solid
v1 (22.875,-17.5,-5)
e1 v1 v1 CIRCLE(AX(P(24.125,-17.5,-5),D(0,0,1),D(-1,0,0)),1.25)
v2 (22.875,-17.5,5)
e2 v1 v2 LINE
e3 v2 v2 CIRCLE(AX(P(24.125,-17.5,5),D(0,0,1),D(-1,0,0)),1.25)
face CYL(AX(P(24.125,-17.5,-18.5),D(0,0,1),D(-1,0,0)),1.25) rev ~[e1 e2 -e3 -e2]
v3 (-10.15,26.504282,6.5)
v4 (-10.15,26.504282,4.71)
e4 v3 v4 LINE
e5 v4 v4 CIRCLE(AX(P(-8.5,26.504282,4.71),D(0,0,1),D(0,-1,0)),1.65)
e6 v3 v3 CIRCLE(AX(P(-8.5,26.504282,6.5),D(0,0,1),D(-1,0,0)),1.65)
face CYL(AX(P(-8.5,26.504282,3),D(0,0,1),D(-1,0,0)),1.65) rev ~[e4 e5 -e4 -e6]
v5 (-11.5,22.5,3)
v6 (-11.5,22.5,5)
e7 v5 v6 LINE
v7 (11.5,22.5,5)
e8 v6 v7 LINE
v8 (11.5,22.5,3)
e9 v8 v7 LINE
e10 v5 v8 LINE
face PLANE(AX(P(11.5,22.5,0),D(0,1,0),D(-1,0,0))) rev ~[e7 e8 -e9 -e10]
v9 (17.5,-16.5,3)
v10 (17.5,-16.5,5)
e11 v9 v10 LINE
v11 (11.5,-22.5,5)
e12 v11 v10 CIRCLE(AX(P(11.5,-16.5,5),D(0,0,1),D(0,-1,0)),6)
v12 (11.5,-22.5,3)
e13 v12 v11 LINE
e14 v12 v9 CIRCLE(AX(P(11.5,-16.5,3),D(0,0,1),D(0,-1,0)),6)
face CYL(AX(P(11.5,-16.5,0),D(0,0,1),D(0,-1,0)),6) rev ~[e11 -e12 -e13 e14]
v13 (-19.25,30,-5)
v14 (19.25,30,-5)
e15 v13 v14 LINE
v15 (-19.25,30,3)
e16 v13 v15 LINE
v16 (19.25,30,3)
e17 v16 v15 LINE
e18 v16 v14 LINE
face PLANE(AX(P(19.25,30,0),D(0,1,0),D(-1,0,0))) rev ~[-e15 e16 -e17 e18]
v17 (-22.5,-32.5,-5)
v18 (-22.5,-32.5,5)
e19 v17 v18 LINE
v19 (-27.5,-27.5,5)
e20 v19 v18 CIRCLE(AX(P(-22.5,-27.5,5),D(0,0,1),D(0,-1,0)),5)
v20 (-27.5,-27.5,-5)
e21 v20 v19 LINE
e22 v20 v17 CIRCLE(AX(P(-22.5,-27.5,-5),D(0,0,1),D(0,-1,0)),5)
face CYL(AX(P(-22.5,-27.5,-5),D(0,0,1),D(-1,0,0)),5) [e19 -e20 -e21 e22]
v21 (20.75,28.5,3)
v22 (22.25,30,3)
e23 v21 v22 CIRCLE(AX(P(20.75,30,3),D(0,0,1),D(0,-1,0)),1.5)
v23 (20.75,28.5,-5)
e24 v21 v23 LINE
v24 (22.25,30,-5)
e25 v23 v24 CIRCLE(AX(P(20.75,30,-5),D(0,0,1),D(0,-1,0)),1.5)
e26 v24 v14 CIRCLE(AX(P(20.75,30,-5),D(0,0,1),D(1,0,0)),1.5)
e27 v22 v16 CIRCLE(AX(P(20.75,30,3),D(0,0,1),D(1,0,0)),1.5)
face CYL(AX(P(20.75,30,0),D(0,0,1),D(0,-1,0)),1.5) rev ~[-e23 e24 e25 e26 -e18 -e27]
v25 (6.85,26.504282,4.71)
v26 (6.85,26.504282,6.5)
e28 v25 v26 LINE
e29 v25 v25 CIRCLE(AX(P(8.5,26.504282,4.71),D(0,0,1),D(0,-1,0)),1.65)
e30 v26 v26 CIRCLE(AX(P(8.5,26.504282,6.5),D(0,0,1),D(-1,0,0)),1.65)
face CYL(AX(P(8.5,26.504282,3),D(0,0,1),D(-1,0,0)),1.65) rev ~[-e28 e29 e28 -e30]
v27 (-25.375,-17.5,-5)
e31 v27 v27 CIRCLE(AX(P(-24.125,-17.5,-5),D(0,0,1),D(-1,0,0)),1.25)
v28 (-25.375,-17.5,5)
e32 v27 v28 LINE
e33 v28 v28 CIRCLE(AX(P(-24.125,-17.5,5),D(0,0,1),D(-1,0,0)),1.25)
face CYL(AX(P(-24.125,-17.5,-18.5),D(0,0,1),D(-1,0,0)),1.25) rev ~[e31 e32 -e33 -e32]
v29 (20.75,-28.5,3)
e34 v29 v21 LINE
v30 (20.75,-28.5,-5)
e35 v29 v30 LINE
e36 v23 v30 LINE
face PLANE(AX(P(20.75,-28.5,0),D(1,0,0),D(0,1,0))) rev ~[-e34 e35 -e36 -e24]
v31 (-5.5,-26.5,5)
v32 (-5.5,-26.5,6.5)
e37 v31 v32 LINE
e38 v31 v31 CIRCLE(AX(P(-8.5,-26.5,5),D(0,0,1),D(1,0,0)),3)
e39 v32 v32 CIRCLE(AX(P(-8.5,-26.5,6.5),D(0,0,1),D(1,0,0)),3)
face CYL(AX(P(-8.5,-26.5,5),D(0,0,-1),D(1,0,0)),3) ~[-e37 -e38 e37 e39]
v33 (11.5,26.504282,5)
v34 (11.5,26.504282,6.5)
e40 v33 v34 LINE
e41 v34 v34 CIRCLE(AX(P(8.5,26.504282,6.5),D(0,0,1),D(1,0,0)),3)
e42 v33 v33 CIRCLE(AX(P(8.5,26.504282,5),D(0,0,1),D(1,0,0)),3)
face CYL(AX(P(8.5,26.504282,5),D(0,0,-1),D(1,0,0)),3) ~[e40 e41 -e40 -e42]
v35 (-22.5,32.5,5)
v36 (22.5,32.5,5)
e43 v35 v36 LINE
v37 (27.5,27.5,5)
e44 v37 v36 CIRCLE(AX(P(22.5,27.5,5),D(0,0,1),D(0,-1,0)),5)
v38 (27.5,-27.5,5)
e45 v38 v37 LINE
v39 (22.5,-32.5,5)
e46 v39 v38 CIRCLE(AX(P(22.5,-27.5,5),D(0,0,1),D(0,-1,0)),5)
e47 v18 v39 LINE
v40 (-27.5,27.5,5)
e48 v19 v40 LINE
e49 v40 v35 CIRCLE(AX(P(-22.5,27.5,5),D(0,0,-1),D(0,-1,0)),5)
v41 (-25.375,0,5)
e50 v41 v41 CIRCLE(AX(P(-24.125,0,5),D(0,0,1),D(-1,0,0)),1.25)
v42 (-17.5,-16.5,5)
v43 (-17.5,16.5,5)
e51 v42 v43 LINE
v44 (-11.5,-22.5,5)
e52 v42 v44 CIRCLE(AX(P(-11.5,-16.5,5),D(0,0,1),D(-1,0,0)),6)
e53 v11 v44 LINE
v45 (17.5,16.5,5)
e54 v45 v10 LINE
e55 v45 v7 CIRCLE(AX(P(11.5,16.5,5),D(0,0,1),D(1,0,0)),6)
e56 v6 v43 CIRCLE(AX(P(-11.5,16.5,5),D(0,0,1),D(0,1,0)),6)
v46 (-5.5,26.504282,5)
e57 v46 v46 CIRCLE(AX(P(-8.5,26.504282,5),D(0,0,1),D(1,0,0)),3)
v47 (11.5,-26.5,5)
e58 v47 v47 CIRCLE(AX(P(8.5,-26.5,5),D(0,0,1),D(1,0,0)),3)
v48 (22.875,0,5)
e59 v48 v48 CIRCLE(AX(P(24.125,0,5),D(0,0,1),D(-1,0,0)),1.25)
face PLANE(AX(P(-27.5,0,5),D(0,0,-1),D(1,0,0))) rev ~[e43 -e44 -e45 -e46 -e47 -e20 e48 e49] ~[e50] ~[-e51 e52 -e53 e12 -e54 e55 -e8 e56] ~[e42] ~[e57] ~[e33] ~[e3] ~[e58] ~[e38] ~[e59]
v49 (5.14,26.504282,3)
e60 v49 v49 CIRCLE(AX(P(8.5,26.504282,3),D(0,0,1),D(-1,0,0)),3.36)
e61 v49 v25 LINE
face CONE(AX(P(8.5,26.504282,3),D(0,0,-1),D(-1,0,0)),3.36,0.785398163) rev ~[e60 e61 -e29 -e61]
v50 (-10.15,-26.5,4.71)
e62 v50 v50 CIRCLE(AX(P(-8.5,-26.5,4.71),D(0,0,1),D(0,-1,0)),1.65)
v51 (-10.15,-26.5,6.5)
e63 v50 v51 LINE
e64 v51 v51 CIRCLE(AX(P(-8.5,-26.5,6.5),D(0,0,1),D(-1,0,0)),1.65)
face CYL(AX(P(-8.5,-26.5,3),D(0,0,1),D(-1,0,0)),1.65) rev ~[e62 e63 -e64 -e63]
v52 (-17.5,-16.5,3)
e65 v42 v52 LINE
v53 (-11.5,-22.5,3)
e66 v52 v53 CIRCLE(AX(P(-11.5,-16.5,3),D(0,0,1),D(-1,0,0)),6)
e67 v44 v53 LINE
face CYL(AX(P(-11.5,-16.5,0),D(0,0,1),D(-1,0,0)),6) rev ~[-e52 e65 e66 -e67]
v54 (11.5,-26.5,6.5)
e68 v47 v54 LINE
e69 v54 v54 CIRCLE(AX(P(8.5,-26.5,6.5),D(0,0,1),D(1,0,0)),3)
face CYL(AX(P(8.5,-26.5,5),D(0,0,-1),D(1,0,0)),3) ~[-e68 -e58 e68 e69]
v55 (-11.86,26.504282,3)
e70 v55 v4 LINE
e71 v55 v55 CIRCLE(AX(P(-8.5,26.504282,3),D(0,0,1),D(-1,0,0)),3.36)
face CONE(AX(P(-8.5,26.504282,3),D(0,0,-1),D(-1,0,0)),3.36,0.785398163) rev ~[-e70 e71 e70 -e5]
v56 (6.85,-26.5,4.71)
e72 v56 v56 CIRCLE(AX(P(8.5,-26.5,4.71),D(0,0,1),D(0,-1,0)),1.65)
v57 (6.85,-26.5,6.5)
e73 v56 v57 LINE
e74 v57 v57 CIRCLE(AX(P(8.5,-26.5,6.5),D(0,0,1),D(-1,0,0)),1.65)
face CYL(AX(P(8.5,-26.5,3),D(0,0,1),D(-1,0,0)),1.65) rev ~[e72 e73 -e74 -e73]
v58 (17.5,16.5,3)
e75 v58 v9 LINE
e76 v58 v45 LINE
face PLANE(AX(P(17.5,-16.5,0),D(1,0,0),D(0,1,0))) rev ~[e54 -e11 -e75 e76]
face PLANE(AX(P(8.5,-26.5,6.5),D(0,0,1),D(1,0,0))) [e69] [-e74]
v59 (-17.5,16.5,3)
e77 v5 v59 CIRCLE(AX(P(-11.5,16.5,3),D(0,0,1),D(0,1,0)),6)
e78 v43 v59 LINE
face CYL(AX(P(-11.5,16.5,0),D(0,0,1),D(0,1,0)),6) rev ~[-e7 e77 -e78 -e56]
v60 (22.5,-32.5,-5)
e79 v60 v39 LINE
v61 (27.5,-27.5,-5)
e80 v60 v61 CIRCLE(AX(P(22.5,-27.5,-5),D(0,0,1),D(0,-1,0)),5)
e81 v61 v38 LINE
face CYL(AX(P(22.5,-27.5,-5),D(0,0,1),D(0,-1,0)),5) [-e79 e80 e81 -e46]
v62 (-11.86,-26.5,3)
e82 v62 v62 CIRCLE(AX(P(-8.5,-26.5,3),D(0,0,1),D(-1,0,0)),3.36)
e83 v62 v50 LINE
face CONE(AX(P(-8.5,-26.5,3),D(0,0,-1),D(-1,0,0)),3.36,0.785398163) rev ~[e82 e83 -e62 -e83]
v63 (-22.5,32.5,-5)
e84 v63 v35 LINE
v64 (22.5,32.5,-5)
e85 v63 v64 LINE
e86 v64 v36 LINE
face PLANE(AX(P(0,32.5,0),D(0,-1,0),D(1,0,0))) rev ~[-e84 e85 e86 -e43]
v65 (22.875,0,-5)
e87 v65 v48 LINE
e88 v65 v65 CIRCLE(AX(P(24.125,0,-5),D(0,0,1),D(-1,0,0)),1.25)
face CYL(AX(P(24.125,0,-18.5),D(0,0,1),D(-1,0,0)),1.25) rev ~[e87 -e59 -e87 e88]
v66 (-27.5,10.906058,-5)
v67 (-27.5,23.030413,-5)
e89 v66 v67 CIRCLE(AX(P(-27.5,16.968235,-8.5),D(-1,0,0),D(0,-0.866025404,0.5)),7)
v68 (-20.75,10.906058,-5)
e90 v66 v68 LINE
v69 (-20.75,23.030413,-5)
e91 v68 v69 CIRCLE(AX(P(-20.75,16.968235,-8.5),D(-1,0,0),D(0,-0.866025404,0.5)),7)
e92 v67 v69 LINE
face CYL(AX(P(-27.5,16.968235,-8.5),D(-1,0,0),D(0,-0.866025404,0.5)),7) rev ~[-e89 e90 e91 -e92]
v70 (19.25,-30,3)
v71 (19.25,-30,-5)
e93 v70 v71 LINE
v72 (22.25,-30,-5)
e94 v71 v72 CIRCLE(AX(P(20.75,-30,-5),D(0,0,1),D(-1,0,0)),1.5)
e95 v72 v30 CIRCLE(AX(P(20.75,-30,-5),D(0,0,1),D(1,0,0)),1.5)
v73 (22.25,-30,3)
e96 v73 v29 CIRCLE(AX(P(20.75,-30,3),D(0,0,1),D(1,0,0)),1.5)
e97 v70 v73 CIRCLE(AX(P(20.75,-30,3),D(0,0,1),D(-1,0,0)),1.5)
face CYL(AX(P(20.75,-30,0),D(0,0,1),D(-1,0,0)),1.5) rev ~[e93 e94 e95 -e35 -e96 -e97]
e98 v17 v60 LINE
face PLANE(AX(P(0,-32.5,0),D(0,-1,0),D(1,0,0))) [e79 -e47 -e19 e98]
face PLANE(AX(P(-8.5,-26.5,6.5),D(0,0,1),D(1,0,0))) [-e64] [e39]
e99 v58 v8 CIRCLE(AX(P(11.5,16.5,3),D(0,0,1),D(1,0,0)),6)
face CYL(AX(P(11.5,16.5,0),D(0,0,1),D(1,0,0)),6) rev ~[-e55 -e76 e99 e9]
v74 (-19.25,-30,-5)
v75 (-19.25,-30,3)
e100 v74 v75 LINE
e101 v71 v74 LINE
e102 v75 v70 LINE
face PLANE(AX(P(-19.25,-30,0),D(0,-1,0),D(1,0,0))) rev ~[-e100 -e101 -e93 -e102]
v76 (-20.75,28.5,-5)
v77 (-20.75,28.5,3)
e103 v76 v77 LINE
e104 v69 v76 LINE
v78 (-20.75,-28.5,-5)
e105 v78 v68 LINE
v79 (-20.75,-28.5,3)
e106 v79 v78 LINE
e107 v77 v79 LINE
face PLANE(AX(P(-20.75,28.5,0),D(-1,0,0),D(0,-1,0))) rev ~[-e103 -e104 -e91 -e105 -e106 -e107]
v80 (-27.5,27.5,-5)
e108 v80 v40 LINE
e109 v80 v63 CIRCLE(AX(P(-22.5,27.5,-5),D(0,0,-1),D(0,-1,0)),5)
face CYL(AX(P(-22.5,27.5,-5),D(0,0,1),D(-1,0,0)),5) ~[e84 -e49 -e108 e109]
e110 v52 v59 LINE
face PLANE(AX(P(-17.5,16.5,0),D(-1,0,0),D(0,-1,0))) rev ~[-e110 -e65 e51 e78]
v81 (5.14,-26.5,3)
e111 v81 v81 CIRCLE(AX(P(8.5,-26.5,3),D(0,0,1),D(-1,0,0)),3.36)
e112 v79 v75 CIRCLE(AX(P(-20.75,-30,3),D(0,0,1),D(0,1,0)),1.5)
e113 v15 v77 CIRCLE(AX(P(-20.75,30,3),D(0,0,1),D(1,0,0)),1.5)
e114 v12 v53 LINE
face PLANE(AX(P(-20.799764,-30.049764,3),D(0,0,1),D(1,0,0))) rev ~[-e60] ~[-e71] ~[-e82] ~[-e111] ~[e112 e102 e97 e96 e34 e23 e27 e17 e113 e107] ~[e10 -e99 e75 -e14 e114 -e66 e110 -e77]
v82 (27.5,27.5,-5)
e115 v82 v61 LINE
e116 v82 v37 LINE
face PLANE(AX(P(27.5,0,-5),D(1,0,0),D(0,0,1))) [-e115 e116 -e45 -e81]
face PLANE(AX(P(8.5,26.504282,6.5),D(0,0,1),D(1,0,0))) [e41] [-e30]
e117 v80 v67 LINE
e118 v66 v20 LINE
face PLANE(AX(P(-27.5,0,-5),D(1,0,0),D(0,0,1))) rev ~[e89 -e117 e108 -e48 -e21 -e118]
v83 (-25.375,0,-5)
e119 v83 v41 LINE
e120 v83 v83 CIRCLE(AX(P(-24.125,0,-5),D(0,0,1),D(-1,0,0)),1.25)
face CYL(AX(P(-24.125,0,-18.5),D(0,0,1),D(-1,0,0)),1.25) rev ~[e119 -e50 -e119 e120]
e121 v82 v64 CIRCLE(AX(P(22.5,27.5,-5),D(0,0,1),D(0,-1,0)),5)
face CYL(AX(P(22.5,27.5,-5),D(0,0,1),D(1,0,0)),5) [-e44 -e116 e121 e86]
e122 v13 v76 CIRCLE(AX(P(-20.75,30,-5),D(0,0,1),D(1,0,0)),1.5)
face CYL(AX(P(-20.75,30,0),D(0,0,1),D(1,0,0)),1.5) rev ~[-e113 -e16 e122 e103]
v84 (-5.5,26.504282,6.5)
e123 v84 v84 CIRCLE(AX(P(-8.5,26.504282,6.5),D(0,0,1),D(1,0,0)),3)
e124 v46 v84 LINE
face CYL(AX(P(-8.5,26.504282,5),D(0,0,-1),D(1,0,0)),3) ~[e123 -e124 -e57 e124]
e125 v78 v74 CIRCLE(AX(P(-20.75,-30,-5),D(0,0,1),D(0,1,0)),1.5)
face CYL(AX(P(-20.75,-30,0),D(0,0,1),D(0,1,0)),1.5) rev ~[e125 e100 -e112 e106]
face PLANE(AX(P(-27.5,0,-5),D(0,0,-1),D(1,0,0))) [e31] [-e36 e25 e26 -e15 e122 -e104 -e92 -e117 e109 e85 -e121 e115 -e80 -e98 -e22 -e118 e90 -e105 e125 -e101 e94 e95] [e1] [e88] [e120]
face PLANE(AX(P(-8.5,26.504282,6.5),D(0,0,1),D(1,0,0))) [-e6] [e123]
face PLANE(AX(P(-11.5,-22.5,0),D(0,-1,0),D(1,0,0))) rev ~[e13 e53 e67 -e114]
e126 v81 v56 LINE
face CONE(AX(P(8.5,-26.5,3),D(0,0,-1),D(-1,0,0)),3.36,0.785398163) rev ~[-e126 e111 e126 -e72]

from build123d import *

# Parameters (mm, degrees)
F0_W            = 55
F0_H            = 10
F1_DEPTH        = 32.5
F3_R            = 5
F4_DEPTH        = 12.5
F6_DEPTH        = 30
F7_DEPTH        = 3
F9_D            = 3.3
F9_CSINK_D      = 6.72
F9_CSINK_ANGLE  = 90
F10_R           = 3
F11_DEPTH       = 1.5
F12_D           = 3.3
F12_DEPTH       = 13.5
F12_CSINK_D     = 6.72
F12_CSINK_ANGLE = 90
F12_TIP         = 0.9914200214
F14_D           = 2.5
F14_DEPTH       = 13.5
F14_TIP         = 0.7510757738
F16_DEPTH       = 12


with BuildPart() as f1:
    # F0 (on Front) → F1 (new body, symmetric)
    with BuildSketch(Plane.XZ):
        Rectangle(F0_W, F0_H)
    extrude(amount=F1_DEPTH, both=True)

    # F3
    f3_edges = [f1.edges().sort_by_distance(p)[0] for p in [
        (27.5, -32.5, 0),
        (-27.5, -32.5, 0),
        (-27.5, 32.5, 0),
        (27.5, 32.5, 0),
    ]]
    fillet(f3_edges, radius=F3_R)

    # F2 (on Top) → F4 (cut, symmetric)
    with BuildSketch(Plane.XY):
        with BuildLine():
            Line((-11.5, -22.5), (11.5, -22.5))
            ThreePointArc((11.5, -22.5), (15.7426406871, -20.7426406871), (17.5, -16.5))
            Line((17.5, -16.5), (17.5, 16.5))
            ThreePointArc((17.5, 16.5), (15.7426406871, 20.7426406871), (11.5, 22.5))
            Line((11.5, 22.5), (-11.5, 22.5))
            ThreePointArc((-11.5, 22.5), (-15.7426406871, 20.7426406871), (-17.5, 16.5))
            Line((-17.5, 16.5), (-17.5, -16.5))
            ThreePointArc((-17.5, -16.5), (-15.7426406871, -20.7426406871), (-11.5, -22.5))
        make_face()
    extrude(amount=F4_DEPTH, both=True, mode=Mode.SUBTRACT)

    # F5 (on Top) → F6 (cut)
    with BuildSketch(Plane.XY):
        with BuildLine():
            ThreePointArc((-20.75, -28.5), (-21.8106601718, -31.0606601718), (-19.25, -30))
            Line((-19.25, -30), (-20.75, -30))
            Line((-20.75, -30), (-20.75, -28.5))
        make_face()
        with BuildLine():
            ThreePointArc((-20.75, -28.5), (-19.6893398282, -28.9393398282), (-19.25, -30))
            Line((-19.25, -30), (19.25, -30))
            ThreePointArc((19.25, -30), (19.6893398282, -28.9393398282), (20.75, -28.5))
            Line((20.75, -28.5), (20.75, 28.5))
            ThreePointArc((20.75, 28.5), (19.6893398282, 28.9393398282), (19.25, 30))
            Line((19.25, 30), (-19.25, 30))
            ThreePointArc((-19.25, 30), (-19.6893398282, 28.9393398282), (-20.75, 28.5))
            Line((-20.75, 28.5), (-20.75, -28.5))
        make_face()
        with BuildLine():
            Line((-20.75, -30), (-19.25, -30))
            ThreePointArc((-19.25, -30), (-19.6893398282, -28.9393398282), (-20.75, -28.5))
            Line((-20.75, -28.5), (-20.75, -30))
        make_face()
        with BuildLine():
            ThreePointArc((20.75, -28.5), (19.6893398282, -28.9393398282), (19.25, -30))
            Line((19.25, -30), (20.75, -30))
            Line((20.75, -30), (20.75, -28.5))
        make_face()
        with BuildLine():
            Line((20.75, -30), (19.25, -30))
            ThreePointArc((19.25, -30), (20.75, -31.5), (22.25, -30))
            ThreePointArc((22.25, -30), (21.8106601718, -28.9393398282), (20.75, -28.5))
            Line((20.75, -28.5), (20.75, -30))
        make_face()
        with BuildLine():
            ThreePointArc((-19.25, 30), (-21.8106601718, 31.0606601718), (-20.75, 28.5))
            Line((-20.75, 28.5), (-20.75, 30))
            Line((-20.75, 30), (-19.25, 30))
        make_face()
        with BuildLine():
            Line((-20.75, 30), (-20.75, 28.5))
            ThreePointArc((-20.75, 28.5), (-19.6893398282, 28.9393398282), (-19.25, 30))
            Line((-19.25, 30), (-20.75, 30))
        make_face()
        with BuildLine():
            ThreePointArc((19.25, 30), (19.6893398282, 28.9393398282), (20.75, 28.5))
            Line((20.75, 28.5), (20.75, 30))
            Line((20.75, 30), (19.25, 30))
        make_face()
        with BuildLine():
            Line((20.75, 30), (20.75, 28.5))
            ThreePointArc((20.75, 28.5), (21.8106601718, 28.9393398282), (22.25, 30))
            ThreePointArc((22.25, 30), (20.75, 31.5), (19.25, 30))
            Line((19.25, 30), (20.75, 30))
        make_face()
    extrude(amount=-F6_DEPTH, mode=Mode.SUBTRACT)

    # F5 (on Top) → F7 (cut)
    with BuildSketch(Plane.XY):
        with BuildLine():
            ThreePointArc((-20.75, -28.5), (-21.8106601718, -31.0606601718), (-19.25, -30))
            Line((-19.25, -30), (-20.75, -30))
            Line((-20.75, -30), (-20.75, -28.5))
        make_face()
        with BuildLine():
            ThreePointArc((-20.75, -28.5), (-19.6893398282, -28.9393398282), (-19.25, -30))
            Line((-19.25, -30), (19.25, -30))
            ThreePointArc((19.25, -30), (19.6893398282, -28.9393398282), (20.75, -28.5))
            Line((20.75, -28.5), (20.75, 28.5))
            ThreePointArc((20.75, 28.5), (19.6893398282, 28.9393398282), (19.25, 30))
            Line((19.25, 30), (-19.25, 30))
            ThreePointArc((-19.25, 30), (-19.6893398282, 28.9393398282), (-20.75, 28.5))
            Line((-20.75, 28.5), (-20.75, -28.5))
        make_face()
        with BuildLine():
            Line((-20.75, -30), (-19.25, -30))
            ThreePointArc((-19.25, -30), (-19.6893398282, -28.9393398282), (-20.75, -28.5))
            Line((-20.75, -28.5), (-20.75, -30))
        make_face()
        with BuildLine():
            ThreePointArc((20.75, -28.5), (19.6893398282, -28.9393398282), (19.25, -30))
            Line((19.25, -30), (20.75, -30))
            Line((20.75, -30), (20.75, -28.5))
        make_face()
        with BuildLine():
            Line((20.75, -30), (19.25, -30))
            ThreePointArc((19.25, -30), (20.75, -31.5), (22.25, -30))
            ThreePointArc((22.25, -30), (21.8106601718, -28.9393398282), (20.75, -28.5))
            Line((20.75, -28.5), (20.75, -30))
        make_face()
        with BuildLine():
            ThreePointArc((-19.25, 30), (-21.8106601718, 31.0606601718), (-20.75, 28.5))
            Line((-20.75, 28.5), (-20.75, 30))
            Line((-20.75, 30), (-19.25, 30))
        make_face()
        with BuildLine():
            Line((-20.75, 30), (-20.75, 28.5))
            ThreePointArc((-20.75, 28.5), (-19.6893398282, 28.9393398282), (-19.25, 30))
            Line((-19.25, 30), (-20.75, 30))
        make_face()
        with BuildLine():
            ThreePointArc((19.25, 30), (19.6893398282, 28.9393398282), (20.75, 28.5))
            Line((20.75, 28.5), (20.75, 30))
            Line((20.75, 30), (19.25, 30))
        make_face()
        with BuildLine():
            Line((20.75, 30), (20.75, 28.5))
            ThreePointArc((20.75, 28.5), (21.8106601718, 28.9393398282), (22.25, 30))
            ThreePointArc((22.25, 30), (20.75, 31.5), (19.25, 30))
            Line((19.25, 30), (20.75, 30))
        make_face()
    extrude(amount=F7_DEPTH, mode=Mode.SUBTRACT)

    # F9 (through all)
    with Locations(Plane(origin=(0, 0, 3), x_dir=(1, 0, 0), z_dir=(0, 0, -1))):
        with Locations((-8.5, -26.5042820722), (8.5, -26.5042820722)):
            CounterSinkHole(F9_D / 2, F9_CSINK_D / 2, counter_sink_angle=F9_CSINK_ANGLE)

    # F10 (on face) → F11 (join)
    with BuildSketch(Plane.XY.offset(5)):
        with Locations((8.5, 26.5042820722)):
            Circle(F10_R)
        with Locations((-8.5, 26.5042820722)):
            Circle(F10_R)
        with Locations((-8.5, -26.5)):
            Circle(F10_R)
        with Locations((8.5, -26.5)):
            Circle(F10_R)
    extrude(amount=F11_DEPTH)

    # F12
    with Locations(Plane(origin=(0, 0, 3), x_dir=(1, 0, 0), z_dir=(0, 0, -1))):
        with Locations((-8.5, -26.5042820722), (8.5, -26.5042820722), (8.5, 26.5), (-8.5, 26.5)):
            CounterSinkHole(F12_D / 2, F12_CSINK_D / 2, depth=F12_DEPTH, counter_sink_angle=F12_CSINK_ANGLE)
            with Locations((0, 0, -(F12_DEPTH + F12_TIP / 2))):  # 118° drill point
                Cone(0, F12_D / 2, F12_TIP, mode=Mode.SUBTRACT)

    # F14
    with Locations(Plane(origin=(0, 0, -5), x_dir=(1, 0, 0), z_dir=(0, 0, -1))):
        with Locations((-24.125, 0), (24.125, 0), (-24.125, 17.5), (24.125, 17.5)):
            Hole(F14_D / 2, depth=F14_DEPTH)
            with Locations((0, 0, -(F14_DEPTH + F14_TIP / 2))):  # 118° drill point
                Cone(0, F14_D / 2, F14_TIP, mode=Mode.SUBTRACT)

    # F15 (on face) → F16 (cut)
    with BuildSketch(Plane(origin=(-27.5, 0, 0), x_dir=(0, -1, 0), z_dir=(-1, 0, 0))):
        with BuildLine():
            Line((-23.0304132, -5), (-10.906057547, -5))
            ThreePointArc((-10.906057547, -5), (-16.9682353735, -1.5), (-23.0304132, -5))
        make_face()
    extrude(amount=-F16_DEPTH, mode=Mode.SUBTRACT)


solid = f1.part
